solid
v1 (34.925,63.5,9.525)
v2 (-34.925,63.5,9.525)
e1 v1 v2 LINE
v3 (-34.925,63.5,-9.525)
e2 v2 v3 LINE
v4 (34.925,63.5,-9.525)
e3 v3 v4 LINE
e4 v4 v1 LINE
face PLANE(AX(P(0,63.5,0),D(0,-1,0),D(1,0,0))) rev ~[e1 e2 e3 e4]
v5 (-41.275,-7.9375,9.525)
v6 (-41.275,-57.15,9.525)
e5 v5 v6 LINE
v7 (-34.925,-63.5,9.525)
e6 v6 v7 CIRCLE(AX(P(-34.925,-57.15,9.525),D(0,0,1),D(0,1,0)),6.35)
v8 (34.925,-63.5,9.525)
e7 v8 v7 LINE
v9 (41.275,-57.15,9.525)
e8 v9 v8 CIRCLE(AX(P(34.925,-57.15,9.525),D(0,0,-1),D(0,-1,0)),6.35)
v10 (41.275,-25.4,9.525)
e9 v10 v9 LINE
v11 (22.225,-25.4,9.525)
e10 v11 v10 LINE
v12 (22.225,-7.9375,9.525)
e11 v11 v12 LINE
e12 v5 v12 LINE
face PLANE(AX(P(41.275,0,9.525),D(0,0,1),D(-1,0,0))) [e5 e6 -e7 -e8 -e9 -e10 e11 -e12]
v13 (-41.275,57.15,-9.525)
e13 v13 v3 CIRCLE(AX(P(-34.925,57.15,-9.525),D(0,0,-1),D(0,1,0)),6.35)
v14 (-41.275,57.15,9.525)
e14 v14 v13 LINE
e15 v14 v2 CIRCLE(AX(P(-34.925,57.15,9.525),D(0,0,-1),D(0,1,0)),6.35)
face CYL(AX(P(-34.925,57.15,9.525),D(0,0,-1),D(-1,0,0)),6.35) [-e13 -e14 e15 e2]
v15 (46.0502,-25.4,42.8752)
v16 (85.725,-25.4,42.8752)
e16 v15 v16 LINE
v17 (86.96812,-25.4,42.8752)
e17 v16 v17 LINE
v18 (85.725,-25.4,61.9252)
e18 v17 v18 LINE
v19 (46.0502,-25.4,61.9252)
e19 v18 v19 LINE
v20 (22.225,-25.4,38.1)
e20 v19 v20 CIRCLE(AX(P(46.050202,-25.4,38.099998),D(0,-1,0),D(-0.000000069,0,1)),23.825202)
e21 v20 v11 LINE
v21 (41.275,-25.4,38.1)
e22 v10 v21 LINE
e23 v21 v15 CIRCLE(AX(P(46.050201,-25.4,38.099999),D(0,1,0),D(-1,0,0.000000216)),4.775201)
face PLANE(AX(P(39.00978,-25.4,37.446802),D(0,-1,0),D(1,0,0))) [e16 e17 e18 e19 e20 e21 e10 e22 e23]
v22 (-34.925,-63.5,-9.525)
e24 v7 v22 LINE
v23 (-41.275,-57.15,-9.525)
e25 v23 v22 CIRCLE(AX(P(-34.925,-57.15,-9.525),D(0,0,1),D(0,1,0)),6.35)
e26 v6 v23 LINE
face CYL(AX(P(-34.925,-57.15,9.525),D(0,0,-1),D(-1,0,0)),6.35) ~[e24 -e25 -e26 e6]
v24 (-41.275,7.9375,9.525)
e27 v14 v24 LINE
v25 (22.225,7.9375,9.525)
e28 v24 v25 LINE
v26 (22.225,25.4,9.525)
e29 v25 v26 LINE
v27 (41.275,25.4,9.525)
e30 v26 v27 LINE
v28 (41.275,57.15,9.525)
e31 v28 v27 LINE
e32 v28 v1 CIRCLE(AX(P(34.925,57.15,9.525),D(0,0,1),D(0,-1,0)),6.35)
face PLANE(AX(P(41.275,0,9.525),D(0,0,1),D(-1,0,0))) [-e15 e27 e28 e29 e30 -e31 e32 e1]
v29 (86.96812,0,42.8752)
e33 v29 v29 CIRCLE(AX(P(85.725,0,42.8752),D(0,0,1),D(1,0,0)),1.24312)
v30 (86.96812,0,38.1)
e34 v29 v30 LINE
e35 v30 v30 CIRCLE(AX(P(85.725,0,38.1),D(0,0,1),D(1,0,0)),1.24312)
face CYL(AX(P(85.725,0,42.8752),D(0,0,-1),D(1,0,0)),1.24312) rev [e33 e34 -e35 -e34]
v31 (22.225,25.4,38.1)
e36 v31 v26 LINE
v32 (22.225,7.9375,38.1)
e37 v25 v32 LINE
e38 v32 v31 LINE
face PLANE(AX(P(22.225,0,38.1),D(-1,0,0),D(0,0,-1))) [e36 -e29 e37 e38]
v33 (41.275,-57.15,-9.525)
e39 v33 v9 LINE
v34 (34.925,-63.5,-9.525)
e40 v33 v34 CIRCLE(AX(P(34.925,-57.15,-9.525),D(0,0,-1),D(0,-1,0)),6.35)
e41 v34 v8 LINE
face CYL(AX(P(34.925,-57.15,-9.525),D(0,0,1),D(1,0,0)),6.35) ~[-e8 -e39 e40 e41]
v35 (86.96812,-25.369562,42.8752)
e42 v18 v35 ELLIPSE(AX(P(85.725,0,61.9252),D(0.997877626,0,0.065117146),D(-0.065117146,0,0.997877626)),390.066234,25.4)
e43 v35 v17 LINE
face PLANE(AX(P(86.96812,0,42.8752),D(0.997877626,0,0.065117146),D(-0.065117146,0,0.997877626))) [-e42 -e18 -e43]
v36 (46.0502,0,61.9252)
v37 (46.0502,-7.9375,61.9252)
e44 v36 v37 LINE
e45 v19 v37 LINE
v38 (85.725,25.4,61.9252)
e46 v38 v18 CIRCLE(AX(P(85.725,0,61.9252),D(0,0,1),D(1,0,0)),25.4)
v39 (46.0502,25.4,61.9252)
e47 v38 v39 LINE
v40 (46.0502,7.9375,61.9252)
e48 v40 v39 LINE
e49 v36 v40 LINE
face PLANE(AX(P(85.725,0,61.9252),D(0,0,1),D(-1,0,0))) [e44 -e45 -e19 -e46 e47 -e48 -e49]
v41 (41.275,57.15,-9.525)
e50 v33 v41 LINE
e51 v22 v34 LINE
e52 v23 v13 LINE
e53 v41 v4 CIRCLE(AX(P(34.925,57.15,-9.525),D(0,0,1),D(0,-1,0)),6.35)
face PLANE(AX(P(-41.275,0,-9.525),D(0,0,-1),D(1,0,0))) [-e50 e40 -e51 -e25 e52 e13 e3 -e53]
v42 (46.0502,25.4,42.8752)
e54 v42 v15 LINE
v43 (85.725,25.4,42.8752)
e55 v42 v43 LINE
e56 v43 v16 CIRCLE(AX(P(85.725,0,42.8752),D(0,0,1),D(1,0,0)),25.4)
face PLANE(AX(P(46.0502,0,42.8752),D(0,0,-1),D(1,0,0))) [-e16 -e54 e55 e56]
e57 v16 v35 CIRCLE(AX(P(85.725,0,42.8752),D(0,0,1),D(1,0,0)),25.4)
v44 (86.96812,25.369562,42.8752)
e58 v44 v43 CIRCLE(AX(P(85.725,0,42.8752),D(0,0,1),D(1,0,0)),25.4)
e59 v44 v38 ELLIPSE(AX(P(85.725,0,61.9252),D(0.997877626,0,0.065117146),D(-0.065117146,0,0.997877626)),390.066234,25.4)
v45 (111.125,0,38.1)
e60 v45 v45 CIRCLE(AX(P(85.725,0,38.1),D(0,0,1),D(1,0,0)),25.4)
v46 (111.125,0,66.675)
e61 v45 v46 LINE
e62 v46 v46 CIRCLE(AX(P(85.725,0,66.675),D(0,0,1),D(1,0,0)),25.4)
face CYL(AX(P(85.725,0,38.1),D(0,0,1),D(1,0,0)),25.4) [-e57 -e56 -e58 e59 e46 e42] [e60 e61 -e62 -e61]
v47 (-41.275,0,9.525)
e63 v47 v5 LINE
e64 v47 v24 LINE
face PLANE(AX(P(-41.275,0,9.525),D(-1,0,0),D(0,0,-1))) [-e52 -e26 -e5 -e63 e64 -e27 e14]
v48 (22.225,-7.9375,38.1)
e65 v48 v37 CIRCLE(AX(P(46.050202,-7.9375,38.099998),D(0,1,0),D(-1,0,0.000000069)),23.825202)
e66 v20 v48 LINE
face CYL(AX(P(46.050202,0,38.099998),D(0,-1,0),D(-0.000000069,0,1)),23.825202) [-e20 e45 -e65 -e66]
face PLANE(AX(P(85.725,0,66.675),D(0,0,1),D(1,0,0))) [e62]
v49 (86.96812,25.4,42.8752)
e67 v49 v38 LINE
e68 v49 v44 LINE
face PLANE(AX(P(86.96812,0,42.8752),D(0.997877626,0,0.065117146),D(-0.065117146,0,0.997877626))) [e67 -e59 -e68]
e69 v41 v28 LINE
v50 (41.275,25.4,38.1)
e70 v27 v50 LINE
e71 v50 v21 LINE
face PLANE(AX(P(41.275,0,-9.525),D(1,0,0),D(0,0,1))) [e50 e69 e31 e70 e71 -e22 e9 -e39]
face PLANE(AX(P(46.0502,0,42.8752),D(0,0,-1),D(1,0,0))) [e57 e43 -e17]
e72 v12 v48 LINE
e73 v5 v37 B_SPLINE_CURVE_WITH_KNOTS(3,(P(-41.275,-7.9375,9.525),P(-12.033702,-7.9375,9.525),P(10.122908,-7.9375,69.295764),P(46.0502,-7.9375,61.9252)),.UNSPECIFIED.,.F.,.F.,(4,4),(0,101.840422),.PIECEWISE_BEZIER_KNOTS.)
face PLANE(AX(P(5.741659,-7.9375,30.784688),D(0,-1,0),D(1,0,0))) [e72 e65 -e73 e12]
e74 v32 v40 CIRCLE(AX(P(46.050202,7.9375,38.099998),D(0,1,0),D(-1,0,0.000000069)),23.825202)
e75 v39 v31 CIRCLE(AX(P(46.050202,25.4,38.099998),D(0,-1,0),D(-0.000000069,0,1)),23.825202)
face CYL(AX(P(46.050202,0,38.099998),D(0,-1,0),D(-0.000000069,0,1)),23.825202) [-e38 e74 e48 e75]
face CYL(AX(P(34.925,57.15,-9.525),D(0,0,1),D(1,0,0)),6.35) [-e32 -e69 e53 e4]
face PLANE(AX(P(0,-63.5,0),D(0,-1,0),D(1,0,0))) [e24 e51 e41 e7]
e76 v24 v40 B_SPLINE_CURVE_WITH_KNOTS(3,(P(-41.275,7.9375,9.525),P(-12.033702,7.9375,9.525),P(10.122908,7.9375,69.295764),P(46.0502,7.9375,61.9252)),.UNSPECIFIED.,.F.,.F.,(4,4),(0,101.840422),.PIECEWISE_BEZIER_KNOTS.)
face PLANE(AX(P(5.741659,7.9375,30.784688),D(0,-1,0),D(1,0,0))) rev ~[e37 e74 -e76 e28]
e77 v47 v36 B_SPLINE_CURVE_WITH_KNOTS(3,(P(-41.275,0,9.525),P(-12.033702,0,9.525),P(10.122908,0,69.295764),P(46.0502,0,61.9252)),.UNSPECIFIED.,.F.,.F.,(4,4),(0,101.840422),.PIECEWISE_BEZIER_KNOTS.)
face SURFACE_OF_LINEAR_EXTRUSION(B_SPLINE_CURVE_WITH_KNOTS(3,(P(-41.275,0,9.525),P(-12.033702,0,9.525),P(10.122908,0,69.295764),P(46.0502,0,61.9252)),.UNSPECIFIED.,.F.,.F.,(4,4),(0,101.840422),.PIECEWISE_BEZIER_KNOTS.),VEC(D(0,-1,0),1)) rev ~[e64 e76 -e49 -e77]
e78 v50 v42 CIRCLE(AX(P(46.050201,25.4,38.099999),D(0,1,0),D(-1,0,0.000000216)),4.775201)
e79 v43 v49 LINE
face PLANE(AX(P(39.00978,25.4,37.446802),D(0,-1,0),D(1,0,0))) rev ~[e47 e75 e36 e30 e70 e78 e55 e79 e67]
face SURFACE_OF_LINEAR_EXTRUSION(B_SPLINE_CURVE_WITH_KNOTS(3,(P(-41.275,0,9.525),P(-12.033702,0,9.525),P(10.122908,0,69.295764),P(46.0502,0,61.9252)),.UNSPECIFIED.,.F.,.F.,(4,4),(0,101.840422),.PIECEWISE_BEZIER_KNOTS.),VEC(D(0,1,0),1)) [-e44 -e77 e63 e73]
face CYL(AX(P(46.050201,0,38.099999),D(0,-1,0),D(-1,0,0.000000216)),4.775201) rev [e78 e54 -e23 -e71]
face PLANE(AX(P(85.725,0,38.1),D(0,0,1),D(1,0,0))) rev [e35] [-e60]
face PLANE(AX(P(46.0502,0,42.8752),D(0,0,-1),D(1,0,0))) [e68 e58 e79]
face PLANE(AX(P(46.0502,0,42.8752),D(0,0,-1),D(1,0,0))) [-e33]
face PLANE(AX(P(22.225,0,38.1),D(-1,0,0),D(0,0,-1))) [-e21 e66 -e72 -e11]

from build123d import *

# Parameters (mm, degrees)
F1_DEPTH = 63.5
F2_DEPTH = 25.4
F3_DEPTH = 7.9375
F5_R     = 6.35


with BuildPart() as f1:
    # F0 (on Front) → F1 (new body, symmetric)
    with BuildSketch(Plane.XZ):
        Polygon((41.275, -9.525), (41.275, 9.525), (22.225, 9.525), (-41.275, 9.525), (-41.275, -9.525), align=None)
    extrude(amount=F1_DEPTH, both=True)

    # F0 (on Front) → F2 (join, symmetric)
    with BuildSketch(Plane.XZ):
        with BuildLine():
            Line((22.225, 9.525), (41.275, 9.525))
            Line((41.275, 9.525), (41.275, 38.1))
            ThreePointArc((41.275, 38.1), (42.673624, 41.476576), (46.0502, 42.8752))
            Line((46.0502, 42.8752), (60.325, 42.8752))
            Line((60.325, 42.8752), (60.325, 61.9252))
            Line((60.325, 61.9252), (46.0502, 61.9252))
            ThreePointArc((46.0502, 61.9252), (29.20324, 54.94696), (22.225, 38.1))
            Line((22.225, 38.1), (22.225, 9.525))
        make_face()
        Polygon((60.325, 61.9252), (60.325, 42.8752), (76.285926, 42.8752), (86.96812, 42.8752), (85.725, 61.9252), align=None)
    extrude(amount=F2_DEPTH, both=True)

    # F0 (on Front) → F3 (join, symmetric)
    with BuildSketch(Plane.XZ):
        with BuildLine():
            Line((-41.275, 9.525), (22.225, 9.525))
            Line((22.225, 9.525), (22.225, 38.1))
            ThreePointArc((22.225, 38.1), (29.20324, 54.94696), (46.0502, 61.9252))
            add(Edge.make_bspline(
                [(-41.275, 9.525), (-12.033702, 9.525), (10.122908, 69.295764), (46.0502, 61.9252)],
                knots=[0, 0, 0, 0, 101.840422, 101.840422, 101.840422, 101.840422], degree=3))
        make_face()
    extrude(amount=F3_DEPTH, both=True)

    # F0 (on Front) → F4 (revolve)
    with BuildSketch(Plane.XZ):
        Polygon((85.725, 66.675), (85.725, 61.9252), (86.96812, 42.8752), (86.96812, 38.1), (111.125, 38.1), (111.125, 66.675), align=None)
    revolve(axis=Axis((85.725, 0, 64.3001), (0, 0, 1)))

    # F5
    f5_edges = [f1.edges().sort_by_distance(p)[0] for p in [
        (-41.275, -63.5, 0),
        (41.275, -63.5, 0),
        (41.275, 63.5, 0),
        (-41.275, 63.5, 0),
    ]]
    fillet(f5_edges, radius=F5_R)


solid = f1.part
